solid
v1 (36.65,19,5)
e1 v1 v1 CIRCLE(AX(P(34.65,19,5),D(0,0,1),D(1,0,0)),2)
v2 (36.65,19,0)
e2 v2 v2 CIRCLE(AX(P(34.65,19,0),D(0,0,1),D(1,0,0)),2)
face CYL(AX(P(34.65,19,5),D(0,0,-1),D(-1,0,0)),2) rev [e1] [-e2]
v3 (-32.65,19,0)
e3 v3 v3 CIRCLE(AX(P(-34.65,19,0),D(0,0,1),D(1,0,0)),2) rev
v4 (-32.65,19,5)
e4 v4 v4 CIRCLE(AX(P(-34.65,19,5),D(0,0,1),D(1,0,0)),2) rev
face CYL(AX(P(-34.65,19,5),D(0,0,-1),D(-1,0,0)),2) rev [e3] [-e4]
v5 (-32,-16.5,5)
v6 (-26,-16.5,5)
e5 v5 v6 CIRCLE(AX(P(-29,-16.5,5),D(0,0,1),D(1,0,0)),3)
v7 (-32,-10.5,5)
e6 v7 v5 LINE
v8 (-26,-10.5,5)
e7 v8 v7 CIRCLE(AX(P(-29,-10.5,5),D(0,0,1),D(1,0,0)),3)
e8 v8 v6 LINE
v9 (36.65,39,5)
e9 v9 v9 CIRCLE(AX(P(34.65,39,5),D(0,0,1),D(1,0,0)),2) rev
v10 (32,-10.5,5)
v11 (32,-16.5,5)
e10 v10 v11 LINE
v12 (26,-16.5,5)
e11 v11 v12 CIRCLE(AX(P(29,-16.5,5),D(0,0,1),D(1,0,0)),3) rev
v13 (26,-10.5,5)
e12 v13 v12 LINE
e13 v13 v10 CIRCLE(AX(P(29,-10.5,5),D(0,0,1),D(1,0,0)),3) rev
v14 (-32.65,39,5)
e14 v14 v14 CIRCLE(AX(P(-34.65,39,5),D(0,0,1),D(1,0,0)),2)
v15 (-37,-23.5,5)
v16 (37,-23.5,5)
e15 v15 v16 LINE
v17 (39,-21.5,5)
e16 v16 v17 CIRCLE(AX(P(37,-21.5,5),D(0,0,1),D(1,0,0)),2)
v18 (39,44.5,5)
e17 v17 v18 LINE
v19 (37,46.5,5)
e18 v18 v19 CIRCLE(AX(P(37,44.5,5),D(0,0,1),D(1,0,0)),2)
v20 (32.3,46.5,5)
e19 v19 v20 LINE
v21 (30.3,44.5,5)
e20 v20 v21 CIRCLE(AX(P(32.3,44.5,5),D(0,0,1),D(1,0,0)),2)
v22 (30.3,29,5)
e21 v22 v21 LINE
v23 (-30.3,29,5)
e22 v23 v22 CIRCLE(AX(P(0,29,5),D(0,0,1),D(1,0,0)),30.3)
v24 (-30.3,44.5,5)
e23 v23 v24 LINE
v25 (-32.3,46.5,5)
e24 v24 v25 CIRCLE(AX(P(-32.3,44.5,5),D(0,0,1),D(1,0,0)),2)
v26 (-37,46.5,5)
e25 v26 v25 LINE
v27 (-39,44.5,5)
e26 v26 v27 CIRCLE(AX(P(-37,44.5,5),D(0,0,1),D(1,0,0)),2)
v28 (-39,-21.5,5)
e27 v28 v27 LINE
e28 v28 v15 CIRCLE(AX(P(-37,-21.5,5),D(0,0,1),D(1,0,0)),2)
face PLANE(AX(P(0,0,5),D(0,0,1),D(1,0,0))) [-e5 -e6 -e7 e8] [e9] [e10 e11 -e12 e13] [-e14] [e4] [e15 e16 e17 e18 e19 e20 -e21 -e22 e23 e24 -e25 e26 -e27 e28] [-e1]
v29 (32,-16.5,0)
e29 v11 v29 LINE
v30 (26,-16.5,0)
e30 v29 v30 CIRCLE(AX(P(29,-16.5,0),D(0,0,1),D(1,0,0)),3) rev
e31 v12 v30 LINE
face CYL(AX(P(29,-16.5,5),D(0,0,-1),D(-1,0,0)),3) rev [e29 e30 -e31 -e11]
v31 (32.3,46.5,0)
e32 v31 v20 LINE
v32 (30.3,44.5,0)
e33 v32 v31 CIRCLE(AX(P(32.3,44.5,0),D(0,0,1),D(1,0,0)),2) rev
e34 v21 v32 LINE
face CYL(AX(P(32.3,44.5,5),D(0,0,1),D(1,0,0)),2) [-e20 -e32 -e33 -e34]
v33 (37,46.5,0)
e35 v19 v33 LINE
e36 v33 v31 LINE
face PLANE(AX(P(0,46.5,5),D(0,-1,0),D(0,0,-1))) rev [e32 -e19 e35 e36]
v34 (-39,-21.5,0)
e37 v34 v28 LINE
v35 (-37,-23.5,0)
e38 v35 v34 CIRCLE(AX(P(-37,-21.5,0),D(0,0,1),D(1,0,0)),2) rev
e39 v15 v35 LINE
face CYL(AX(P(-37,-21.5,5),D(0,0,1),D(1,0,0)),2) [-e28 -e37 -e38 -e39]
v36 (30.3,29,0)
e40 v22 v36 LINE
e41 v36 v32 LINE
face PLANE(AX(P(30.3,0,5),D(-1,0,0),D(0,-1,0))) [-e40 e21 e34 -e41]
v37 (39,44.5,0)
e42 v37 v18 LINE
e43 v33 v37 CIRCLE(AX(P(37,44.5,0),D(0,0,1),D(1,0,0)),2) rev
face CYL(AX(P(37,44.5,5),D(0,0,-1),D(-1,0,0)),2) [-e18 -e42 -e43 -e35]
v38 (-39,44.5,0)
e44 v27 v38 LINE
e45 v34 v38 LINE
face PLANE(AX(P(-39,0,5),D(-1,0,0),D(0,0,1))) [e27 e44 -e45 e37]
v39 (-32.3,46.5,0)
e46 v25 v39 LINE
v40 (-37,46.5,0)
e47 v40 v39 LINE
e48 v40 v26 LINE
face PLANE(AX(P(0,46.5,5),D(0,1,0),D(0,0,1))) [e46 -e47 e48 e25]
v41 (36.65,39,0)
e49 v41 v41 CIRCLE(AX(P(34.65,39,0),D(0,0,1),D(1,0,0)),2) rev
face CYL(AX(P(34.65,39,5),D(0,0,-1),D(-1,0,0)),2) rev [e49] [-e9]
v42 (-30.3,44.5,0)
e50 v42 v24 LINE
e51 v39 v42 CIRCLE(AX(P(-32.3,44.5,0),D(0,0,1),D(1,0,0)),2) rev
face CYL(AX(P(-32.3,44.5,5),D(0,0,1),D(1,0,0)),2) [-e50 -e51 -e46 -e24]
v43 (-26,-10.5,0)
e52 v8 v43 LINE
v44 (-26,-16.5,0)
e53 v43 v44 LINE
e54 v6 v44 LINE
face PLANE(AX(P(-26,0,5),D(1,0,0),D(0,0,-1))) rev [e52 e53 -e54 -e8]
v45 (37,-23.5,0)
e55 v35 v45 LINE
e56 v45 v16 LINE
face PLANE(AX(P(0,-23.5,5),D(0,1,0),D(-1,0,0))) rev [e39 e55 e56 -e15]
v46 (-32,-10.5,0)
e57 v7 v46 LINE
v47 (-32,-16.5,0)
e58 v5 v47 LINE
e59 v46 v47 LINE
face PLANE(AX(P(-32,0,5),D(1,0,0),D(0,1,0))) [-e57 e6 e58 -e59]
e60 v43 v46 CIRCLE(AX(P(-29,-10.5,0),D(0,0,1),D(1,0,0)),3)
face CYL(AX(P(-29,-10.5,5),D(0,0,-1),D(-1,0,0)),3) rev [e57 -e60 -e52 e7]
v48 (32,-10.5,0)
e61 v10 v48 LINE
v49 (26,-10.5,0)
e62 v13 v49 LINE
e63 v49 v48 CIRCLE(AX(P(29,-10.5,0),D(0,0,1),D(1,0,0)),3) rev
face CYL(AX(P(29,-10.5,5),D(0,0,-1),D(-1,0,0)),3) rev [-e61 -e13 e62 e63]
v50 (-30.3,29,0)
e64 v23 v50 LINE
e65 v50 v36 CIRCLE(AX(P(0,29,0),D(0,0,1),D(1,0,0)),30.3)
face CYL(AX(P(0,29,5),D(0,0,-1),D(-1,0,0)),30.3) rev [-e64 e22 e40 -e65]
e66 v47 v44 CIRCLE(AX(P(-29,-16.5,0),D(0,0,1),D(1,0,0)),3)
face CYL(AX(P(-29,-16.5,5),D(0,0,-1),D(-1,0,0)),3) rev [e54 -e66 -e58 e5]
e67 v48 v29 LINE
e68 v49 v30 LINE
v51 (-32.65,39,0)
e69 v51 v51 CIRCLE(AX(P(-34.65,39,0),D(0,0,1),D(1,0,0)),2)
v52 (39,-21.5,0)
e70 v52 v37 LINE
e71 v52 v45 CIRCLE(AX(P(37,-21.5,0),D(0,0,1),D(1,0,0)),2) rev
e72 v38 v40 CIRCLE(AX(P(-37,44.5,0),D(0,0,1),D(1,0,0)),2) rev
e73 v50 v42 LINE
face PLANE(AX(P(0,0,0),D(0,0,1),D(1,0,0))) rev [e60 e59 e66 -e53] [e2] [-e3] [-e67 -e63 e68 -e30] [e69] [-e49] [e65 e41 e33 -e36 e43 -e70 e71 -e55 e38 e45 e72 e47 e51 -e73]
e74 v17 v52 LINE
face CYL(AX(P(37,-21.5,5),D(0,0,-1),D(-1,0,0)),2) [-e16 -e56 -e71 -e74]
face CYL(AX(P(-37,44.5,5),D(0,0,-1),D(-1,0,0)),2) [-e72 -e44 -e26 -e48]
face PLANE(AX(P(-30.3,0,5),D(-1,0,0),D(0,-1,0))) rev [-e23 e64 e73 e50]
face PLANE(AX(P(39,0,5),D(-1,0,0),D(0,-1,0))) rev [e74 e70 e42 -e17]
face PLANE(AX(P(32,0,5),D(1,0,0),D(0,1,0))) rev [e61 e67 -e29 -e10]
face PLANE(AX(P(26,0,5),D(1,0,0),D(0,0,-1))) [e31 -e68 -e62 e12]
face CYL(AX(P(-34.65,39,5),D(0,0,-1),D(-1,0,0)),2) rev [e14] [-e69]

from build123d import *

# Parameters (mm, degrees)
SKETCH_1_R      = 2
EXTRUDE_1_DEPTH = 5
FILLET_2_R      = 2


with BuildPart() as part:
    # 草图1 → 凸台-拉伸1 (new body)
    with BuildSketch(Plane.XY):
        with BuildLine():
            Line((-39, -23.5), (39, -23.5))
            Line((39, -23.5), (39, 46.5))
            Line((39, 46.5), (30.3, 46.5))
            Line((30.3, 46.5), (30.3, 29))
            ThreePointArc((30.3, 29), (0, -1.3), (-30.3, 29))
            Line((-30.3, 29), (-30.3, 46.5))
            Line((-30.3, 46.5), (-39, 46.5))
            Line((-39, 46.5), (-39, -23.5))
        make_face()
        with Locations((-34.65, 39)):
            Circle(SKETCH_1_R, mode=Mode.SUBTRACT)
        with Locations((-34.65, 19)):
            Circle(SKETCH_1_R, mode=Mode.SUBTRACT)
        with Locations((34.65, 19)):
            Circle(SKETCH_1_R, mode=Mode.SUBTRACT)
        with Locations((34.65, 39)):
            Circle(SKETCH_1_R, mode=Mode.SUBTRACT)
        with BuildLine():
            Line((-32, -10.5), (-32, -16.5))
            ThreePointArc((-32, -16.5), (-29, -19.5), (-26, -16.5))
            Line((-26, -16.5), (-26, -10.5))
            ThreePointArc((-26, -10.5), (-29, -7.5), (-32, -10.5))
        make_face(mode=Mode.SUBTRACT)
        with BuildLine():
            Line((26, -10.5), (26, -16.5))
            ThreePointArc((26, -16.5), (29, -19.5), (32, -16.5))
            Line((32, -16.5), (32, -10.5))
            ThreePointArc((32, -10.5), (29, -7.5), (26, -10.5))
        make_face(mode=Mode.SUBTRACT)
    extrude(amount=EXTRUDE_1_DEPTH)

    # 圆角2
    fillet_2_edges = [part.edges().sort_by_distance(p)[0] for p in [
        (30.3, 46.5, 2.5),
        (39, 46.5, 2.5),
        (39, -23.5, 2.5),
        (-39, -23.5, 2.5),
        (-39, 46.5, 2.5),
        (-30.3, 46.5, 2.5),
    ]]
    fillet(fillet_2_edges, radius=FILLET_2_R)


solid = part.part
